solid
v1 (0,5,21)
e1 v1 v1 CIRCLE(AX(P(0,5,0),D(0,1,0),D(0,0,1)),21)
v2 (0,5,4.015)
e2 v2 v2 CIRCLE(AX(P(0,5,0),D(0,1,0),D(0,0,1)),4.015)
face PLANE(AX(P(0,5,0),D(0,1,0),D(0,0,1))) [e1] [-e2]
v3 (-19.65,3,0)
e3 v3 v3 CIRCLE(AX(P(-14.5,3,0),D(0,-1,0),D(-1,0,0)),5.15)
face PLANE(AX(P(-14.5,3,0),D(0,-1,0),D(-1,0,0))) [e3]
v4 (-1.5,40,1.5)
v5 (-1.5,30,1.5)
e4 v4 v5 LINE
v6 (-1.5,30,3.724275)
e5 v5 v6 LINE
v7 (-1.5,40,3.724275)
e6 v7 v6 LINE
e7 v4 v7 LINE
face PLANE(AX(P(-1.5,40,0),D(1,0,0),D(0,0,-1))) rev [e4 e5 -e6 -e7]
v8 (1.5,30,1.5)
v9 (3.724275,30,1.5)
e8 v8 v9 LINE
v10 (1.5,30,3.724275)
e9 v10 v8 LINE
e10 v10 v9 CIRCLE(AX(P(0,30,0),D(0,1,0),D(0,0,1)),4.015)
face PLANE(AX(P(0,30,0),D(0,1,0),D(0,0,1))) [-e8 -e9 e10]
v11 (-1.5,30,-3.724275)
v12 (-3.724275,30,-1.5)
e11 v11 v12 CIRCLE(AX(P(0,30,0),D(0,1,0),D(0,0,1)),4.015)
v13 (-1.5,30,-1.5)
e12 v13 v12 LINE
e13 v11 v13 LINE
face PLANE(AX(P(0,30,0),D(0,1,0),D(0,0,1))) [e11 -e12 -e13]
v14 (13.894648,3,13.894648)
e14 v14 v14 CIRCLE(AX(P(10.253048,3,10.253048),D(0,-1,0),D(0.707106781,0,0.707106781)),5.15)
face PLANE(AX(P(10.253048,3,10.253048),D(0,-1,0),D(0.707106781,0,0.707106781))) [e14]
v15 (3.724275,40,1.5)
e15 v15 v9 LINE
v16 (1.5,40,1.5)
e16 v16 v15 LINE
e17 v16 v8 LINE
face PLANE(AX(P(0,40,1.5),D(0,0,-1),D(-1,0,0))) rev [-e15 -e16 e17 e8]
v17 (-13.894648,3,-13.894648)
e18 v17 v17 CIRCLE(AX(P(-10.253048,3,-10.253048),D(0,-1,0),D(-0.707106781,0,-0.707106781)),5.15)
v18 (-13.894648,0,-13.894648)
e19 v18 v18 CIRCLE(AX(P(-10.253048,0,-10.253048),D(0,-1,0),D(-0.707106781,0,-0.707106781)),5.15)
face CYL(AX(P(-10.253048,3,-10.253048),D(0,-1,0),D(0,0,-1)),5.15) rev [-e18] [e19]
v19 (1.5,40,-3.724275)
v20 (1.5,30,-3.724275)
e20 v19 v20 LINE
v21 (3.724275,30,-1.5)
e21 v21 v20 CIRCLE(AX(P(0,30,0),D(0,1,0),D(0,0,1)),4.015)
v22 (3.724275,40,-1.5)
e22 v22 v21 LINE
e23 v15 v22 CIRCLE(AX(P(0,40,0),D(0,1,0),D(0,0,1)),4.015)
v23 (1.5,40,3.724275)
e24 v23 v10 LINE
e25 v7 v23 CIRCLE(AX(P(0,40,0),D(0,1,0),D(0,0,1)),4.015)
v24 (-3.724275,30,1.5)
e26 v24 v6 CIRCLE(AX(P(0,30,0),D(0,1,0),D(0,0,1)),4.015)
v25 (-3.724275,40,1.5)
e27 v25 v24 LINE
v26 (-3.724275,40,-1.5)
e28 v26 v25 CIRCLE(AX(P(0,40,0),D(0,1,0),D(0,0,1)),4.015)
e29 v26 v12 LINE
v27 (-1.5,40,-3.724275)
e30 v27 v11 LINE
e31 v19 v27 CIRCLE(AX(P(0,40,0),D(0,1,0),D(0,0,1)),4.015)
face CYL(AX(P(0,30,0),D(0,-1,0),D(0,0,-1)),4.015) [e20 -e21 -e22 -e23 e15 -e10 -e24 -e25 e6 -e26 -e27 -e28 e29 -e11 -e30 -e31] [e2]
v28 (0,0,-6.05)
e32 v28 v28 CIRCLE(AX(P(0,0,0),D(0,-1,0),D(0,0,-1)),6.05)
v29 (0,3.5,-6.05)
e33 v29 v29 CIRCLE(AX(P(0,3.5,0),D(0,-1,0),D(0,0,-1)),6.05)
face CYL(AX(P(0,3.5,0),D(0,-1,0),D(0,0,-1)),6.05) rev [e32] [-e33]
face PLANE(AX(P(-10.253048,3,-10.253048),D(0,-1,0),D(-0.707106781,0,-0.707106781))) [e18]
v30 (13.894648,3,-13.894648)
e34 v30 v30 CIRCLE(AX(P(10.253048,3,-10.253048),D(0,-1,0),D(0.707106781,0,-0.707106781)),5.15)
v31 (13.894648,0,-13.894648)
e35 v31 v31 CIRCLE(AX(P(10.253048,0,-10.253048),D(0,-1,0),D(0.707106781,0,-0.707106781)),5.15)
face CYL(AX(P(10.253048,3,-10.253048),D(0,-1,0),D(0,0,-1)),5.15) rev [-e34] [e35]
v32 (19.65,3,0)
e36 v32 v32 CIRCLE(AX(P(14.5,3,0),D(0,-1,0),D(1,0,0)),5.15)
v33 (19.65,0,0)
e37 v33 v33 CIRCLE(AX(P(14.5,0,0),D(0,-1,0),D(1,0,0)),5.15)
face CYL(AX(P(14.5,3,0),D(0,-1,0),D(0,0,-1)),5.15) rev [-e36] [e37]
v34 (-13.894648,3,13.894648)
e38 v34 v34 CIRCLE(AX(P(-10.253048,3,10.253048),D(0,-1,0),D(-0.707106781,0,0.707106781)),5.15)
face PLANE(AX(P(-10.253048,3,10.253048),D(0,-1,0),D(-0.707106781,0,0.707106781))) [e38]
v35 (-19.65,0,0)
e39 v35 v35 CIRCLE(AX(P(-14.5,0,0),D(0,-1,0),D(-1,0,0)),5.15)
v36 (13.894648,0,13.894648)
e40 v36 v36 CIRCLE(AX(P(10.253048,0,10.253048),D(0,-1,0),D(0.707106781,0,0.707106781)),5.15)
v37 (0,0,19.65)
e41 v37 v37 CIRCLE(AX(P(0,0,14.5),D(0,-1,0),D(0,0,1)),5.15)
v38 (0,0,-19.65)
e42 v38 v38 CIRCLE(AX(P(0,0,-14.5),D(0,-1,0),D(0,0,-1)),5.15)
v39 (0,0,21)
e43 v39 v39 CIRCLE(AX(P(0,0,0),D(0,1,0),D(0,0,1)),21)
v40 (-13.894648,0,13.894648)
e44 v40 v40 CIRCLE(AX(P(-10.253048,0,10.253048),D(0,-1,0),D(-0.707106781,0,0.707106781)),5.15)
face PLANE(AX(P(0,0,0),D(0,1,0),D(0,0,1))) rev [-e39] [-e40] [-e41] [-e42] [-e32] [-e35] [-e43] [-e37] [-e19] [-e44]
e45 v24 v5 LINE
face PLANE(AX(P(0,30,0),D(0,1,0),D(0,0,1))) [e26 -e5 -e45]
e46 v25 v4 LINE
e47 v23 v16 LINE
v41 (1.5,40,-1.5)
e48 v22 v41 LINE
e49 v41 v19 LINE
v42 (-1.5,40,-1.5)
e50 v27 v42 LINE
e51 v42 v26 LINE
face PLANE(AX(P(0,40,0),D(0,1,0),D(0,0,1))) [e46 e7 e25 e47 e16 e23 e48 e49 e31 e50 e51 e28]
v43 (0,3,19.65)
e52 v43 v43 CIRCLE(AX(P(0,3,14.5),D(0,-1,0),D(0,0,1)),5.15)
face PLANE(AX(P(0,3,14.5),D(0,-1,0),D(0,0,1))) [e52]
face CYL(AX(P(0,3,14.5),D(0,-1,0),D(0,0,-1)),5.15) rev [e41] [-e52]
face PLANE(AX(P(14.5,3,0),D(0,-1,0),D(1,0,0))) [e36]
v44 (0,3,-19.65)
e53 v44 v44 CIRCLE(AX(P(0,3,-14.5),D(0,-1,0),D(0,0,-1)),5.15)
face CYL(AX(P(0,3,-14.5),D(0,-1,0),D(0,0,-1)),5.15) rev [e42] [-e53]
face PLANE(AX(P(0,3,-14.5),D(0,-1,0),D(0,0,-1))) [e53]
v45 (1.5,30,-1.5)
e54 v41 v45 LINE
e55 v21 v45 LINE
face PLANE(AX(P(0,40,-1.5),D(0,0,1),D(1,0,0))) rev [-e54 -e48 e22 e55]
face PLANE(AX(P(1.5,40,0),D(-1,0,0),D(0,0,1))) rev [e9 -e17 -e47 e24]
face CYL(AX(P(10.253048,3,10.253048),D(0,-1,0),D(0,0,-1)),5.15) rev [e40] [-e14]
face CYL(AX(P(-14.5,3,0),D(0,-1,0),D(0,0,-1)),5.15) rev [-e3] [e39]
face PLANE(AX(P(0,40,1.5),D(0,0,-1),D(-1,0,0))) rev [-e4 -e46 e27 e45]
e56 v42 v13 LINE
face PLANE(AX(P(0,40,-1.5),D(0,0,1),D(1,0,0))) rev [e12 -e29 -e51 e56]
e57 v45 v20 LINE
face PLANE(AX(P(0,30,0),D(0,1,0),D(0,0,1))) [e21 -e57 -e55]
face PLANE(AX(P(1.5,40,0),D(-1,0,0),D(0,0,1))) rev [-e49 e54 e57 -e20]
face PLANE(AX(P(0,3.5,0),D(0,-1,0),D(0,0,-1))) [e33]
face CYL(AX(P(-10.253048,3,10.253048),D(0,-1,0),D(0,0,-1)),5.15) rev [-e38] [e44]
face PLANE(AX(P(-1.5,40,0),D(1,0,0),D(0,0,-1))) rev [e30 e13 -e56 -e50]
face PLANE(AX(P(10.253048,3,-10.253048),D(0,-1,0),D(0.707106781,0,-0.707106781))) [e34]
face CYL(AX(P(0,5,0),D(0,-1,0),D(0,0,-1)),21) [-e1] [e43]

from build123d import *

# Parameters (mm, degrees)
SKETCH_1_R               = 21
EXTRUDE_1_DEPTH          = 5
SKETCH_3_R               = 6.05
CUT_EXTRUDE_2_DEPTH      = 3.5
SKETCH_4_R               = 4.015
EXTRUDE_2_DEPTH          = 25
SKETCH_12_R              = 5.15
CUT_EXTRUDE_6_DEPTH      = 3
PATTERN_CIRCULAR_1_COUNT = 8
SKETCH_13_W              = 3
SKETCH_13_H              = 3
EXTRUDE_3_DEPTH          = 10


with BuildPart() as part:
    # 스케치1 → 보스-돌출1 (new body)
    with BuildSketch(Plane(origin=(0, 0, 0), x_dir=(1, 0, 0), z_dir=(0, 1, 0))):
        Circle(SKETCH_1_R)
    extrude(amount=EXTRUDE_1_DEPTH)

    # 스케치3 → 컷-돌출2 (cut)
    with BuildSketch(Plane.XZ):
        Circle(SKETCH_3_R)
    extrude(amount=-CUT_EXTRUDE_2_DEPTH, mode=Mode.SUBTRACT)

    # 스케치4 → 보스-돌출2 (add)
    with BuildSketch(Plane(origin=(0, 5, 0), x_dir=(1, 0, 0), z_dir=(0, 1, 0))):
        Circle(SKETCH_4_R)
    extrude(amount=EXTRUDE_2_DEPTH)

    # 스케치12 → 컷-돌출6 (cut)
    with BuildSketch(Plane.XZ):
        with Locations((0, -14.5)):
            Circle(SKETCH_12_R)
    cut_extrude_6 = extrude(amount=-CUT_EXTRUDE_6_DEPTH, mode=Mode.SUBTRACT)

    # 원형 패턴1: 컷-돌출6 ×8 about axis
    pattern_circular_1_axis = Axis((0, 0, 0), (0, 1, 0))
    for i in range(1, PATTERN_CIRCULAR_1_COUNT):
        add(cut_extrude_6.rotate(pattern_circular_1_axis, i * 360 / PATTERN_CIRCULAR_1_COUNT), mode=Mode.SUBTRACT)

    # 스케치13 → 보스-돌출3 (add)
    with BuildSketch(Plane(origin=(0, 30, 0), x_dir=(1, 0, 0), z_dir=(0, 1, 0))):
        with BuildLine():
            ThreePointArc((1.5, 3.724275097), (0, 4.015), (-1.5, 3.724275097))
            Line((-1.5, 3.724275097), (-1.5, 1.5))
            Line((-1.5, 1.5), (1.5, 1.5))
            Line((1.5, 1.5), (1.5, 3.724275097))
        make_face()
        with BuildLine():
            Line((-1.5, -1.5), (-1.5, 1.5))
            Line((-1.5, 1.5), (-3.724275097, 1.5))
            ThreePointArc((-3.724275097, 1.5), (-4.015, 0), (-3.724275097, -1.5))
            Line((-3.724275097, -1.5), (-1.5, -1.5))
        make_face()
        Rectangle(SKETCH_13_W, SKETCH_13_H)
        with BuildLine():
            Line((1.5, -1.5), (-1.5, -1.5))
            Line((-1.5, -1.5), (-1.5, -3.724275097))
            ThreePointArc((-1.5, -3.724275097), (0, -4.015), (1.5, -3.724275097))
            Line((1.5, -3.724275097), (1.5, -1.5))
        make_face()
        with BuildLine():
            Line((3.724275097, 1.5), (1.5, 1.5))
            Line((1.5, 1.5), (1.5, -1.5))
            Line((1.5, -1.5), (3.724275097, -1.5))
            ThreePointArc((3.724275097, -1.5), (3.941648736, -0.763956964), (4.015, 0))
            ThreePointArc((4.015, 0), (3.941648736, 0.763956964), (3.724275097, 1.5))
        make_face()
    extrude(amount=EXTRUDE_3_DEPTH)


solid = part.part
